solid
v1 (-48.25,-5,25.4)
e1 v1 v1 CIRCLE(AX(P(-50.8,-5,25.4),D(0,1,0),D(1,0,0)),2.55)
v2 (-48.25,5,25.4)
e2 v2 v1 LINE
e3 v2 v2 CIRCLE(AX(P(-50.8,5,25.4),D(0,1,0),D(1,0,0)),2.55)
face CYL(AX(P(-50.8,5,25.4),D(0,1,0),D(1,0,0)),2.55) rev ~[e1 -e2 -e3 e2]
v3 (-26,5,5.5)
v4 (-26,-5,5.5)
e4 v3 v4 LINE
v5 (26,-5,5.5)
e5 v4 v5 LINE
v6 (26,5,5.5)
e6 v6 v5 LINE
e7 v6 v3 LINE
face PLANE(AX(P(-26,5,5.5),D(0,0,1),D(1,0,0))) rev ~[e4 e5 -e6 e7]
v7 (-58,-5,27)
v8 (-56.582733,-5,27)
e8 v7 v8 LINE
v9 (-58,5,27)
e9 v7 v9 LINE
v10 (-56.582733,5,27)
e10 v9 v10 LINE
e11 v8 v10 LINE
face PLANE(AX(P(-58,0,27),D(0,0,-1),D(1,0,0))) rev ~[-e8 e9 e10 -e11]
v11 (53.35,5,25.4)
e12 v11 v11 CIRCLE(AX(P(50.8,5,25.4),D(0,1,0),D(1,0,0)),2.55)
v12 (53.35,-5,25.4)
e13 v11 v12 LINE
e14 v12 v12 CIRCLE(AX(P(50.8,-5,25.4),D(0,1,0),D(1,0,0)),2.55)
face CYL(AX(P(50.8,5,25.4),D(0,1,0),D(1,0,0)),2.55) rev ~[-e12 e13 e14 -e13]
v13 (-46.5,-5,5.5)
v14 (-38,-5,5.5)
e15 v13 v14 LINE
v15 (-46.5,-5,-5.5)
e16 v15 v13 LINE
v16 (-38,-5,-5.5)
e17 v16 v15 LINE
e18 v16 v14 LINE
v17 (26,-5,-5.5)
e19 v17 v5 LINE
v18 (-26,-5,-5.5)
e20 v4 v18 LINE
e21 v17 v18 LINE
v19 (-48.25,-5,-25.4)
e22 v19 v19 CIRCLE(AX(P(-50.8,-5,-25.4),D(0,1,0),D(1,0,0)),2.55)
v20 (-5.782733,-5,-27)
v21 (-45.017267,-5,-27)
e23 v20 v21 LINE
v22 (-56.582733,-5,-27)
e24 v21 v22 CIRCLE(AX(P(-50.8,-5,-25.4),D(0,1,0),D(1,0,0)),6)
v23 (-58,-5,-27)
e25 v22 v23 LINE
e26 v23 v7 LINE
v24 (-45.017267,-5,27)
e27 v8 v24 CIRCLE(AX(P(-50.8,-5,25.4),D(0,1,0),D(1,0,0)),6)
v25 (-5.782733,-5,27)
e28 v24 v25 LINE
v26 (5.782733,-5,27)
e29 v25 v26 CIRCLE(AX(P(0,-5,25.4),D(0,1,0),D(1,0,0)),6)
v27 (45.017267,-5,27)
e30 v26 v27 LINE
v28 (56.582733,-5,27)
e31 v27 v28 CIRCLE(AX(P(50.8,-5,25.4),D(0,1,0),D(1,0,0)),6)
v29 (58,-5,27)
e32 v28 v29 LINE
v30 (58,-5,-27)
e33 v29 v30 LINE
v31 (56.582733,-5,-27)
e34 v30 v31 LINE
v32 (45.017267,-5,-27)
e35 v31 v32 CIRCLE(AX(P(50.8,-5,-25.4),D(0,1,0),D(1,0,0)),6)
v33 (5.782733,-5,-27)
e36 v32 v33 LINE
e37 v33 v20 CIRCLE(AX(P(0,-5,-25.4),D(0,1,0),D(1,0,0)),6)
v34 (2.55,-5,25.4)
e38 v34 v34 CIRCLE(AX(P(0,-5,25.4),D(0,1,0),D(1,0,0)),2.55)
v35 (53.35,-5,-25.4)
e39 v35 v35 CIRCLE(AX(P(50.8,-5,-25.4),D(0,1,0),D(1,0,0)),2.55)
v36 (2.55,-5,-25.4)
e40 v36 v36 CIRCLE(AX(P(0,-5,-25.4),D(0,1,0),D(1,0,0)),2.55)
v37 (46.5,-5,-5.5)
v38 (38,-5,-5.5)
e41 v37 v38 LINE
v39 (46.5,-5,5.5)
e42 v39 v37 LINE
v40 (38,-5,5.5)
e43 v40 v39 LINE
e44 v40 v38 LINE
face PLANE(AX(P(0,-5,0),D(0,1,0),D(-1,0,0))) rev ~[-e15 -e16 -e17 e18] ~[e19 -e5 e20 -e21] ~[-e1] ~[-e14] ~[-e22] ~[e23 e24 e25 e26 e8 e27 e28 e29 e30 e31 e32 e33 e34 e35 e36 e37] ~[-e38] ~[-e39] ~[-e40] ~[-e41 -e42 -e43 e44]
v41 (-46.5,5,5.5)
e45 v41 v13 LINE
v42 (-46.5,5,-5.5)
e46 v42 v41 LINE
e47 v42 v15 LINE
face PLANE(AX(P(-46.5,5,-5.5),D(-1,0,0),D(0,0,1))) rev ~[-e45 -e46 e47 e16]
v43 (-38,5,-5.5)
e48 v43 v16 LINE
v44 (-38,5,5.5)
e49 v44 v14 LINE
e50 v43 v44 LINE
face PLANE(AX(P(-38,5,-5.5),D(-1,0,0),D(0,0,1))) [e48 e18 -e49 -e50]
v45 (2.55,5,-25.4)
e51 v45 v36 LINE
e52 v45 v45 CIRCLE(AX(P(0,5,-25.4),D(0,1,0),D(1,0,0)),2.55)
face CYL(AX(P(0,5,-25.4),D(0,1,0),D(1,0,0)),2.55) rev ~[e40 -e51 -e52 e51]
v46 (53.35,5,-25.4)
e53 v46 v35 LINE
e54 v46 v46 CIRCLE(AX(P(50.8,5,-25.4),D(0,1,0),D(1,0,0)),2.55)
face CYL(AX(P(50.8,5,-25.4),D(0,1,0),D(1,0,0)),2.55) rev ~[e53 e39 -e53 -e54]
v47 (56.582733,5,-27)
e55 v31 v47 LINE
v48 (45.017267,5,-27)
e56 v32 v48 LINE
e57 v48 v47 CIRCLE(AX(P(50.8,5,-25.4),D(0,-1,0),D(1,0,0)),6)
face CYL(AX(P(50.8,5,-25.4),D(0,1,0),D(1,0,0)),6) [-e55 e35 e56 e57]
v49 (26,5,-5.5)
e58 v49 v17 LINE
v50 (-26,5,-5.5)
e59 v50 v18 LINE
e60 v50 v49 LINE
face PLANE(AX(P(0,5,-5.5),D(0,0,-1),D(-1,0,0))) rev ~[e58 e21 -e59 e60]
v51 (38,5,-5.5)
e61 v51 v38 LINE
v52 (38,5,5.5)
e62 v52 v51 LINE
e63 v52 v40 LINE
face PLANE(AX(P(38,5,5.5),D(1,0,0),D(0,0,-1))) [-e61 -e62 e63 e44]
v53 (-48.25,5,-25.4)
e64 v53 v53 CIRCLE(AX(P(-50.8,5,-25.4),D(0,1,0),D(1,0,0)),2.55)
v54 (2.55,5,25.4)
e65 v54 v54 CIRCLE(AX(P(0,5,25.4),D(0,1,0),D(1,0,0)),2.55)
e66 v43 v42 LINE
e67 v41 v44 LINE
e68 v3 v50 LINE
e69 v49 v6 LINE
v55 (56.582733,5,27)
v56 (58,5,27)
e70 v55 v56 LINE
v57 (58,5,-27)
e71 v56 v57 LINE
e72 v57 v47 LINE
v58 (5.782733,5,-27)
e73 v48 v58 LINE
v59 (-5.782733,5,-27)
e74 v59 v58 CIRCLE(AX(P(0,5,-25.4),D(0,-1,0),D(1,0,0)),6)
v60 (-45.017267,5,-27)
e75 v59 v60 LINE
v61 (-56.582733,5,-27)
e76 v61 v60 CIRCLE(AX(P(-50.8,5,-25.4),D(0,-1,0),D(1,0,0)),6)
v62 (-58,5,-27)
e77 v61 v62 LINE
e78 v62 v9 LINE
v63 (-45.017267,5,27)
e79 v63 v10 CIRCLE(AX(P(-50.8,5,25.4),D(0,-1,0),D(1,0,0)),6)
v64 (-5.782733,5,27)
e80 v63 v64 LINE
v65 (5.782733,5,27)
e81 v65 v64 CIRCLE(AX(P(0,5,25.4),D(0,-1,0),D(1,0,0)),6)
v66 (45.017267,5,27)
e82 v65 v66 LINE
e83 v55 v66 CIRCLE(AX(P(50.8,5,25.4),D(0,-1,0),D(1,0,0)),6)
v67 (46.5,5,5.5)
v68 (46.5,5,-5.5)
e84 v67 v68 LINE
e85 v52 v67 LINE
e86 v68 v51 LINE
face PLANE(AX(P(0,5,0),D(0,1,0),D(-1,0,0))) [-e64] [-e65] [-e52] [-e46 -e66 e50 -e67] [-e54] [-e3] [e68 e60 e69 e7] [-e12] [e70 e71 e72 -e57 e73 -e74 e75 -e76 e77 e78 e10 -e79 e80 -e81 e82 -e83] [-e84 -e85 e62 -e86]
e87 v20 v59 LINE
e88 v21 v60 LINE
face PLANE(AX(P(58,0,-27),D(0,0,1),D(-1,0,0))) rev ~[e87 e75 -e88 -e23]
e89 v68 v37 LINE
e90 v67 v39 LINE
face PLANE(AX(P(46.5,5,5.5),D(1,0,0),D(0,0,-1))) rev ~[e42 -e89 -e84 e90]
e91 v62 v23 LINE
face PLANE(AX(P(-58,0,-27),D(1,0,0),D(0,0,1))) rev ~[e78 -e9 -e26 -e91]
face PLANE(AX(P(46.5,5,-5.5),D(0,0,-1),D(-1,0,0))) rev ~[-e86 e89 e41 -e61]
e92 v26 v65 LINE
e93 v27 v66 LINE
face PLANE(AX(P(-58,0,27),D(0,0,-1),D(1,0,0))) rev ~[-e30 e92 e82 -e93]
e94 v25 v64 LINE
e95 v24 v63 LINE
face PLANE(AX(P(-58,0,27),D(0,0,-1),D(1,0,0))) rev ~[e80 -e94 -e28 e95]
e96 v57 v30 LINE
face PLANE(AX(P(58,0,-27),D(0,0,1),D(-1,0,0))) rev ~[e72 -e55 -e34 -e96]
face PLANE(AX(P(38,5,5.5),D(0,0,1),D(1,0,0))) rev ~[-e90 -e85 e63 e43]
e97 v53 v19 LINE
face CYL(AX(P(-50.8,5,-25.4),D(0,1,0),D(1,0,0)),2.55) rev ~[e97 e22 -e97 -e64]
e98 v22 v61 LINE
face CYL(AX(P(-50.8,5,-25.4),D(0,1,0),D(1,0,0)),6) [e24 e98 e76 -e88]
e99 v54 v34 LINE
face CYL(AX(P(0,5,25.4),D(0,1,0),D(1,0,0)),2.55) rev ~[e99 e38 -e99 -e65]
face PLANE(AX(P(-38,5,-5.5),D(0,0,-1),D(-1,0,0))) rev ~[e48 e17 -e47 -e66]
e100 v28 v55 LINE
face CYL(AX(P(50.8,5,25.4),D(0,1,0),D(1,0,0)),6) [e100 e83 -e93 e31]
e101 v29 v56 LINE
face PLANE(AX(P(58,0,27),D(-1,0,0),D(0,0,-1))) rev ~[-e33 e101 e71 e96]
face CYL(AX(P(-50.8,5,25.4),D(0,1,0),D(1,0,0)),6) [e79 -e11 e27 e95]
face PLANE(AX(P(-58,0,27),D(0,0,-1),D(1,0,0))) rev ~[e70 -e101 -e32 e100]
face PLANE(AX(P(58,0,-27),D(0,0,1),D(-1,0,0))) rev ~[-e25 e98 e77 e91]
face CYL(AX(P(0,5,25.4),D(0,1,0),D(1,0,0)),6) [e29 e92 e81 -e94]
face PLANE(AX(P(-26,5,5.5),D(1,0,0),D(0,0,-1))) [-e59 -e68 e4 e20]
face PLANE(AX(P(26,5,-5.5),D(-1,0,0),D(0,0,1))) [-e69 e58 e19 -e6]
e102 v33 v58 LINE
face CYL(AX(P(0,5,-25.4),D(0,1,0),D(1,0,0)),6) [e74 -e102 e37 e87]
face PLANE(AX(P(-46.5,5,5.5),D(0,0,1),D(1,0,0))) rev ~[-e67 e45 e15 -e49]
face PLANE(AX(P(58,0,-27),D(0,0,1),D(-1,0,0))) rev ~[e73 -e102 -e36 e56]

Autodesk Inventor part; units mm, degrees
ref_plane "YZ Plane" through (0, 0, 0) normal (1, 0, 0) x (0, 1, 0)
ref_plane "XZ Plane" through (0, 0, 0) normal (0, 1, 0) x (-1, 0, 0)
ref_plane "XY Plane" through (0, 0, 0) normal (0, 0, 1) x (1, 0, 0)
sketch "Sketch1" plane through (0, 0, 0) normal (0, 1, 0) x (-1, 0, 0)
  line L0 (58, 27) -> (-58, 27)
  line L1 (-58, 27) -> (-58, -27)
  line L2 (-58, -27) -> (58, -27)
  line L3 (58, -27) -> (58, 27)
  line L4 (58, 27) -> (-58, -27) construction
  line L5 (-58, 27) -> (58, -27) construction
  point P0 (0, 0)
  dimension "d0" = 116
  dimension "d1" = 54
extrude "Body" add sketch "Sketch1" along normal mid plane 10
sketch "Sketch12" plane through (0, 5, 0) normal (0, 1, 0) x (1, 0, 0)
  line L0 (58, 27) -> (-58, 27) projected
  circle A0 centre (-50.8, 25.4) radius 6
  line L1 (-58, -27) -> (-58, 27) projected
  line L2 (-58, 0) -> (58, 0)
  line L3 (58, 27) -> (58, -27) projected
  line L4 (-58, -27) -> (58, -27) projected
  line L5 (0, -27) -> (0, 27)
  circle A1 centre (50.8, 25.4) radius 6
  circle A2 centre (-50.8, -25.4) radius 6
  circle A3 centre (50.8, -25.4) radius 6
  line L6 (-50.8, 25.4) -> (50.8, 25.4)
  line L7 (-50.8, -25.4) -> (50.8, -25.4)
  circle A4 centre (0, 25.4) radius 6
  circle A5 centre (0, -25.4) radius 6
  point P0 (0, 0)
  dimension "d40" = 25.4
  dimension "d49" = 50.8
  dimension "d57" = 12
extrude "Screw clamp boss" add sketch "Sketch12" against normal up to surface (10 mm away) contours A1 L0 | L0 A1 | A4 L6 L5 L0 | L0 A4 | A5 L7 L5 | L5 L7 A5 | A4 L6 L5 | L5 L6 A4 | A3 L4 | L4 A3 | L5 L6 A4 L0 | L7 A5 L4 L5 | L5 L4 A5 L7 | A0 L0 | L0 A0 | A2 L4 | L4 A2 | L4 A5
sketch "Sketch15" plane through (0, 5, 0) normal (0, 1, 0) x (1, 0, 0)
  circle A0 centre (0, 25.4) radius 2.55
  arc A1 (5.7827, 27) -> (-5.7827, 27) centre (0, 25.4) ccw projected
  circle A2 centre (-50.8, 25.4) radius 2.55
  arc A3 (-45.0173, 27) -> (-56.5827, 27) centre (-50.8, 25.4) ccw projected
  line L0 (55.75, -18.75) -> (-55.75, -18.75) projected
  line L1 (0, -18.75) -> (0, 18.75)
  line L2 (-55.75, 18.75) -> (55.75, 18.75) projected
  line L3 (-58, 27) -> (-58, -27) projected
  line L4 (-58, 0) -> (58, 0)
  line L5 (58, -27) -> (58, 27) projected
  circle A4 centre (50.8, 25.4) radius 2.55
  circle A5 centre (0, -25.4) radius 2.55
  circle A6 centre (-50.8, -25.4) radius 2.55
  circle A7 centre (50.8, -25.4) radius 2.55
  point P0 (0, 0)
  dimension "d60" = 5.1
extrude "Screw Clamp Hole" cut sketch "Sketch15" against normal through all
sketch "Sketch17" plane through (0, 5, 0) normal (0, 1, 0) x (1, 0, 0)
  line L0 (-46.5, -5.5) -> (46.5, -5.5)
  line L1 (46.5, -5.5) -> (46.5, 5.5)
  line L2 (46.5, 5.5) -> (-46.5, 5.5)
  line L3 (-46.5, 5.5) -> (-46.5, -5.5)
  line L4 (-46.5, -5.5) -> (46.5, 5.5) construction
  line L5 (46.5, -5.5) -> (-46.5, 5.5) construction
  line L6 (-38, -5.5) -> (-26, -5.5)
  line L7 (-26, -5.5) -> (-26, 5.5)
  line L8 (-26, 5.5) -> (-38, 5.5)
  line L9 (-38, 5.5) -> (-38, -5.5)
  arc A0 (-5.7827, -27) -> (5.7827, -27) centre (0, -25.4) ccw projected
  circle A1 centre (0, 25.4) radius 2.55 projected
  line L10 (0, -25.4) -> (0, 25.4)
  line L11 (26, -5.5) -> (38, -5.5)
  line L12 (38, -5.5) -> (38, 5.5)
  line L13 (38, 5.5) -> (26, 5.5)
  line L14 (26, 5.5) -> (26, -5.5)
  point P0 (0, 0)
  dimension "d70" = 93
  dimension "d71" = 11
  dimension "d72" = 38
  dimension "d73" = 12
extrude "Main Window" cut sketch "Sketch17" against normal through all contours L7 L2 L10 L0 | L10 L2 L14 L0
sketch "Sketch18" plane through (0, 5, 0) normal (0, 1, 0) x (1, 0, 0)
  line L0 (-46.5, -5.5) -> (46.5, -5.5)
  line L1 (46.5, -5.5) -> (46.5, 5.5)
  line L2 (46.5, 5.5) -> (-46.5, 5.5)
  line L3 (-46.5, 5.5) -> (-46.5, -5.5)
  line L4 (-46.5, -5.5) -> (46.5, 5.5) construction
  line L5 (46.5, -5.5) -> (-46.5, 5.5) construction
  line L6 (-38, -5.5) -> (-26, -5.5)
  line L7 (-26, -5.5) -> (-26, 5.5)
  line L8 (-26, 5.5) -> (-38, 5.5)
  line L9 (-38, 5.5) -> (-38, -5.5)
  arc A0 (-5.7827, -27) -> (5.7827, -27) centre (0, -25.4) ccw
  circle A1 centre (0, 25.4) radius 2.55
  line L10 (0, -25.4) -> (0, 25.4)
  line L11 (26, -5.5) -> (38, -5.5)
  line L12 (38, -5.5) -> (38, 5.5)
  line L13 (38, 5.5) -> (26, 5.5)
  line L14 (26, 5.5) -> (26, -5.5)
  point P0 (0, 0)
  point P1 (0, 0)
  dimension "d76" = 93
  dimension "d77" = 11
  dimension "d78" = 38
  dimension "d79" = 12
extrude "Inelt Outlet Access" cut sketch "Sketch18" against normal through all contours L3 L2 L9 L0 | L12 L2 L1 L0
properties part number "Top Clamp 6_6"
